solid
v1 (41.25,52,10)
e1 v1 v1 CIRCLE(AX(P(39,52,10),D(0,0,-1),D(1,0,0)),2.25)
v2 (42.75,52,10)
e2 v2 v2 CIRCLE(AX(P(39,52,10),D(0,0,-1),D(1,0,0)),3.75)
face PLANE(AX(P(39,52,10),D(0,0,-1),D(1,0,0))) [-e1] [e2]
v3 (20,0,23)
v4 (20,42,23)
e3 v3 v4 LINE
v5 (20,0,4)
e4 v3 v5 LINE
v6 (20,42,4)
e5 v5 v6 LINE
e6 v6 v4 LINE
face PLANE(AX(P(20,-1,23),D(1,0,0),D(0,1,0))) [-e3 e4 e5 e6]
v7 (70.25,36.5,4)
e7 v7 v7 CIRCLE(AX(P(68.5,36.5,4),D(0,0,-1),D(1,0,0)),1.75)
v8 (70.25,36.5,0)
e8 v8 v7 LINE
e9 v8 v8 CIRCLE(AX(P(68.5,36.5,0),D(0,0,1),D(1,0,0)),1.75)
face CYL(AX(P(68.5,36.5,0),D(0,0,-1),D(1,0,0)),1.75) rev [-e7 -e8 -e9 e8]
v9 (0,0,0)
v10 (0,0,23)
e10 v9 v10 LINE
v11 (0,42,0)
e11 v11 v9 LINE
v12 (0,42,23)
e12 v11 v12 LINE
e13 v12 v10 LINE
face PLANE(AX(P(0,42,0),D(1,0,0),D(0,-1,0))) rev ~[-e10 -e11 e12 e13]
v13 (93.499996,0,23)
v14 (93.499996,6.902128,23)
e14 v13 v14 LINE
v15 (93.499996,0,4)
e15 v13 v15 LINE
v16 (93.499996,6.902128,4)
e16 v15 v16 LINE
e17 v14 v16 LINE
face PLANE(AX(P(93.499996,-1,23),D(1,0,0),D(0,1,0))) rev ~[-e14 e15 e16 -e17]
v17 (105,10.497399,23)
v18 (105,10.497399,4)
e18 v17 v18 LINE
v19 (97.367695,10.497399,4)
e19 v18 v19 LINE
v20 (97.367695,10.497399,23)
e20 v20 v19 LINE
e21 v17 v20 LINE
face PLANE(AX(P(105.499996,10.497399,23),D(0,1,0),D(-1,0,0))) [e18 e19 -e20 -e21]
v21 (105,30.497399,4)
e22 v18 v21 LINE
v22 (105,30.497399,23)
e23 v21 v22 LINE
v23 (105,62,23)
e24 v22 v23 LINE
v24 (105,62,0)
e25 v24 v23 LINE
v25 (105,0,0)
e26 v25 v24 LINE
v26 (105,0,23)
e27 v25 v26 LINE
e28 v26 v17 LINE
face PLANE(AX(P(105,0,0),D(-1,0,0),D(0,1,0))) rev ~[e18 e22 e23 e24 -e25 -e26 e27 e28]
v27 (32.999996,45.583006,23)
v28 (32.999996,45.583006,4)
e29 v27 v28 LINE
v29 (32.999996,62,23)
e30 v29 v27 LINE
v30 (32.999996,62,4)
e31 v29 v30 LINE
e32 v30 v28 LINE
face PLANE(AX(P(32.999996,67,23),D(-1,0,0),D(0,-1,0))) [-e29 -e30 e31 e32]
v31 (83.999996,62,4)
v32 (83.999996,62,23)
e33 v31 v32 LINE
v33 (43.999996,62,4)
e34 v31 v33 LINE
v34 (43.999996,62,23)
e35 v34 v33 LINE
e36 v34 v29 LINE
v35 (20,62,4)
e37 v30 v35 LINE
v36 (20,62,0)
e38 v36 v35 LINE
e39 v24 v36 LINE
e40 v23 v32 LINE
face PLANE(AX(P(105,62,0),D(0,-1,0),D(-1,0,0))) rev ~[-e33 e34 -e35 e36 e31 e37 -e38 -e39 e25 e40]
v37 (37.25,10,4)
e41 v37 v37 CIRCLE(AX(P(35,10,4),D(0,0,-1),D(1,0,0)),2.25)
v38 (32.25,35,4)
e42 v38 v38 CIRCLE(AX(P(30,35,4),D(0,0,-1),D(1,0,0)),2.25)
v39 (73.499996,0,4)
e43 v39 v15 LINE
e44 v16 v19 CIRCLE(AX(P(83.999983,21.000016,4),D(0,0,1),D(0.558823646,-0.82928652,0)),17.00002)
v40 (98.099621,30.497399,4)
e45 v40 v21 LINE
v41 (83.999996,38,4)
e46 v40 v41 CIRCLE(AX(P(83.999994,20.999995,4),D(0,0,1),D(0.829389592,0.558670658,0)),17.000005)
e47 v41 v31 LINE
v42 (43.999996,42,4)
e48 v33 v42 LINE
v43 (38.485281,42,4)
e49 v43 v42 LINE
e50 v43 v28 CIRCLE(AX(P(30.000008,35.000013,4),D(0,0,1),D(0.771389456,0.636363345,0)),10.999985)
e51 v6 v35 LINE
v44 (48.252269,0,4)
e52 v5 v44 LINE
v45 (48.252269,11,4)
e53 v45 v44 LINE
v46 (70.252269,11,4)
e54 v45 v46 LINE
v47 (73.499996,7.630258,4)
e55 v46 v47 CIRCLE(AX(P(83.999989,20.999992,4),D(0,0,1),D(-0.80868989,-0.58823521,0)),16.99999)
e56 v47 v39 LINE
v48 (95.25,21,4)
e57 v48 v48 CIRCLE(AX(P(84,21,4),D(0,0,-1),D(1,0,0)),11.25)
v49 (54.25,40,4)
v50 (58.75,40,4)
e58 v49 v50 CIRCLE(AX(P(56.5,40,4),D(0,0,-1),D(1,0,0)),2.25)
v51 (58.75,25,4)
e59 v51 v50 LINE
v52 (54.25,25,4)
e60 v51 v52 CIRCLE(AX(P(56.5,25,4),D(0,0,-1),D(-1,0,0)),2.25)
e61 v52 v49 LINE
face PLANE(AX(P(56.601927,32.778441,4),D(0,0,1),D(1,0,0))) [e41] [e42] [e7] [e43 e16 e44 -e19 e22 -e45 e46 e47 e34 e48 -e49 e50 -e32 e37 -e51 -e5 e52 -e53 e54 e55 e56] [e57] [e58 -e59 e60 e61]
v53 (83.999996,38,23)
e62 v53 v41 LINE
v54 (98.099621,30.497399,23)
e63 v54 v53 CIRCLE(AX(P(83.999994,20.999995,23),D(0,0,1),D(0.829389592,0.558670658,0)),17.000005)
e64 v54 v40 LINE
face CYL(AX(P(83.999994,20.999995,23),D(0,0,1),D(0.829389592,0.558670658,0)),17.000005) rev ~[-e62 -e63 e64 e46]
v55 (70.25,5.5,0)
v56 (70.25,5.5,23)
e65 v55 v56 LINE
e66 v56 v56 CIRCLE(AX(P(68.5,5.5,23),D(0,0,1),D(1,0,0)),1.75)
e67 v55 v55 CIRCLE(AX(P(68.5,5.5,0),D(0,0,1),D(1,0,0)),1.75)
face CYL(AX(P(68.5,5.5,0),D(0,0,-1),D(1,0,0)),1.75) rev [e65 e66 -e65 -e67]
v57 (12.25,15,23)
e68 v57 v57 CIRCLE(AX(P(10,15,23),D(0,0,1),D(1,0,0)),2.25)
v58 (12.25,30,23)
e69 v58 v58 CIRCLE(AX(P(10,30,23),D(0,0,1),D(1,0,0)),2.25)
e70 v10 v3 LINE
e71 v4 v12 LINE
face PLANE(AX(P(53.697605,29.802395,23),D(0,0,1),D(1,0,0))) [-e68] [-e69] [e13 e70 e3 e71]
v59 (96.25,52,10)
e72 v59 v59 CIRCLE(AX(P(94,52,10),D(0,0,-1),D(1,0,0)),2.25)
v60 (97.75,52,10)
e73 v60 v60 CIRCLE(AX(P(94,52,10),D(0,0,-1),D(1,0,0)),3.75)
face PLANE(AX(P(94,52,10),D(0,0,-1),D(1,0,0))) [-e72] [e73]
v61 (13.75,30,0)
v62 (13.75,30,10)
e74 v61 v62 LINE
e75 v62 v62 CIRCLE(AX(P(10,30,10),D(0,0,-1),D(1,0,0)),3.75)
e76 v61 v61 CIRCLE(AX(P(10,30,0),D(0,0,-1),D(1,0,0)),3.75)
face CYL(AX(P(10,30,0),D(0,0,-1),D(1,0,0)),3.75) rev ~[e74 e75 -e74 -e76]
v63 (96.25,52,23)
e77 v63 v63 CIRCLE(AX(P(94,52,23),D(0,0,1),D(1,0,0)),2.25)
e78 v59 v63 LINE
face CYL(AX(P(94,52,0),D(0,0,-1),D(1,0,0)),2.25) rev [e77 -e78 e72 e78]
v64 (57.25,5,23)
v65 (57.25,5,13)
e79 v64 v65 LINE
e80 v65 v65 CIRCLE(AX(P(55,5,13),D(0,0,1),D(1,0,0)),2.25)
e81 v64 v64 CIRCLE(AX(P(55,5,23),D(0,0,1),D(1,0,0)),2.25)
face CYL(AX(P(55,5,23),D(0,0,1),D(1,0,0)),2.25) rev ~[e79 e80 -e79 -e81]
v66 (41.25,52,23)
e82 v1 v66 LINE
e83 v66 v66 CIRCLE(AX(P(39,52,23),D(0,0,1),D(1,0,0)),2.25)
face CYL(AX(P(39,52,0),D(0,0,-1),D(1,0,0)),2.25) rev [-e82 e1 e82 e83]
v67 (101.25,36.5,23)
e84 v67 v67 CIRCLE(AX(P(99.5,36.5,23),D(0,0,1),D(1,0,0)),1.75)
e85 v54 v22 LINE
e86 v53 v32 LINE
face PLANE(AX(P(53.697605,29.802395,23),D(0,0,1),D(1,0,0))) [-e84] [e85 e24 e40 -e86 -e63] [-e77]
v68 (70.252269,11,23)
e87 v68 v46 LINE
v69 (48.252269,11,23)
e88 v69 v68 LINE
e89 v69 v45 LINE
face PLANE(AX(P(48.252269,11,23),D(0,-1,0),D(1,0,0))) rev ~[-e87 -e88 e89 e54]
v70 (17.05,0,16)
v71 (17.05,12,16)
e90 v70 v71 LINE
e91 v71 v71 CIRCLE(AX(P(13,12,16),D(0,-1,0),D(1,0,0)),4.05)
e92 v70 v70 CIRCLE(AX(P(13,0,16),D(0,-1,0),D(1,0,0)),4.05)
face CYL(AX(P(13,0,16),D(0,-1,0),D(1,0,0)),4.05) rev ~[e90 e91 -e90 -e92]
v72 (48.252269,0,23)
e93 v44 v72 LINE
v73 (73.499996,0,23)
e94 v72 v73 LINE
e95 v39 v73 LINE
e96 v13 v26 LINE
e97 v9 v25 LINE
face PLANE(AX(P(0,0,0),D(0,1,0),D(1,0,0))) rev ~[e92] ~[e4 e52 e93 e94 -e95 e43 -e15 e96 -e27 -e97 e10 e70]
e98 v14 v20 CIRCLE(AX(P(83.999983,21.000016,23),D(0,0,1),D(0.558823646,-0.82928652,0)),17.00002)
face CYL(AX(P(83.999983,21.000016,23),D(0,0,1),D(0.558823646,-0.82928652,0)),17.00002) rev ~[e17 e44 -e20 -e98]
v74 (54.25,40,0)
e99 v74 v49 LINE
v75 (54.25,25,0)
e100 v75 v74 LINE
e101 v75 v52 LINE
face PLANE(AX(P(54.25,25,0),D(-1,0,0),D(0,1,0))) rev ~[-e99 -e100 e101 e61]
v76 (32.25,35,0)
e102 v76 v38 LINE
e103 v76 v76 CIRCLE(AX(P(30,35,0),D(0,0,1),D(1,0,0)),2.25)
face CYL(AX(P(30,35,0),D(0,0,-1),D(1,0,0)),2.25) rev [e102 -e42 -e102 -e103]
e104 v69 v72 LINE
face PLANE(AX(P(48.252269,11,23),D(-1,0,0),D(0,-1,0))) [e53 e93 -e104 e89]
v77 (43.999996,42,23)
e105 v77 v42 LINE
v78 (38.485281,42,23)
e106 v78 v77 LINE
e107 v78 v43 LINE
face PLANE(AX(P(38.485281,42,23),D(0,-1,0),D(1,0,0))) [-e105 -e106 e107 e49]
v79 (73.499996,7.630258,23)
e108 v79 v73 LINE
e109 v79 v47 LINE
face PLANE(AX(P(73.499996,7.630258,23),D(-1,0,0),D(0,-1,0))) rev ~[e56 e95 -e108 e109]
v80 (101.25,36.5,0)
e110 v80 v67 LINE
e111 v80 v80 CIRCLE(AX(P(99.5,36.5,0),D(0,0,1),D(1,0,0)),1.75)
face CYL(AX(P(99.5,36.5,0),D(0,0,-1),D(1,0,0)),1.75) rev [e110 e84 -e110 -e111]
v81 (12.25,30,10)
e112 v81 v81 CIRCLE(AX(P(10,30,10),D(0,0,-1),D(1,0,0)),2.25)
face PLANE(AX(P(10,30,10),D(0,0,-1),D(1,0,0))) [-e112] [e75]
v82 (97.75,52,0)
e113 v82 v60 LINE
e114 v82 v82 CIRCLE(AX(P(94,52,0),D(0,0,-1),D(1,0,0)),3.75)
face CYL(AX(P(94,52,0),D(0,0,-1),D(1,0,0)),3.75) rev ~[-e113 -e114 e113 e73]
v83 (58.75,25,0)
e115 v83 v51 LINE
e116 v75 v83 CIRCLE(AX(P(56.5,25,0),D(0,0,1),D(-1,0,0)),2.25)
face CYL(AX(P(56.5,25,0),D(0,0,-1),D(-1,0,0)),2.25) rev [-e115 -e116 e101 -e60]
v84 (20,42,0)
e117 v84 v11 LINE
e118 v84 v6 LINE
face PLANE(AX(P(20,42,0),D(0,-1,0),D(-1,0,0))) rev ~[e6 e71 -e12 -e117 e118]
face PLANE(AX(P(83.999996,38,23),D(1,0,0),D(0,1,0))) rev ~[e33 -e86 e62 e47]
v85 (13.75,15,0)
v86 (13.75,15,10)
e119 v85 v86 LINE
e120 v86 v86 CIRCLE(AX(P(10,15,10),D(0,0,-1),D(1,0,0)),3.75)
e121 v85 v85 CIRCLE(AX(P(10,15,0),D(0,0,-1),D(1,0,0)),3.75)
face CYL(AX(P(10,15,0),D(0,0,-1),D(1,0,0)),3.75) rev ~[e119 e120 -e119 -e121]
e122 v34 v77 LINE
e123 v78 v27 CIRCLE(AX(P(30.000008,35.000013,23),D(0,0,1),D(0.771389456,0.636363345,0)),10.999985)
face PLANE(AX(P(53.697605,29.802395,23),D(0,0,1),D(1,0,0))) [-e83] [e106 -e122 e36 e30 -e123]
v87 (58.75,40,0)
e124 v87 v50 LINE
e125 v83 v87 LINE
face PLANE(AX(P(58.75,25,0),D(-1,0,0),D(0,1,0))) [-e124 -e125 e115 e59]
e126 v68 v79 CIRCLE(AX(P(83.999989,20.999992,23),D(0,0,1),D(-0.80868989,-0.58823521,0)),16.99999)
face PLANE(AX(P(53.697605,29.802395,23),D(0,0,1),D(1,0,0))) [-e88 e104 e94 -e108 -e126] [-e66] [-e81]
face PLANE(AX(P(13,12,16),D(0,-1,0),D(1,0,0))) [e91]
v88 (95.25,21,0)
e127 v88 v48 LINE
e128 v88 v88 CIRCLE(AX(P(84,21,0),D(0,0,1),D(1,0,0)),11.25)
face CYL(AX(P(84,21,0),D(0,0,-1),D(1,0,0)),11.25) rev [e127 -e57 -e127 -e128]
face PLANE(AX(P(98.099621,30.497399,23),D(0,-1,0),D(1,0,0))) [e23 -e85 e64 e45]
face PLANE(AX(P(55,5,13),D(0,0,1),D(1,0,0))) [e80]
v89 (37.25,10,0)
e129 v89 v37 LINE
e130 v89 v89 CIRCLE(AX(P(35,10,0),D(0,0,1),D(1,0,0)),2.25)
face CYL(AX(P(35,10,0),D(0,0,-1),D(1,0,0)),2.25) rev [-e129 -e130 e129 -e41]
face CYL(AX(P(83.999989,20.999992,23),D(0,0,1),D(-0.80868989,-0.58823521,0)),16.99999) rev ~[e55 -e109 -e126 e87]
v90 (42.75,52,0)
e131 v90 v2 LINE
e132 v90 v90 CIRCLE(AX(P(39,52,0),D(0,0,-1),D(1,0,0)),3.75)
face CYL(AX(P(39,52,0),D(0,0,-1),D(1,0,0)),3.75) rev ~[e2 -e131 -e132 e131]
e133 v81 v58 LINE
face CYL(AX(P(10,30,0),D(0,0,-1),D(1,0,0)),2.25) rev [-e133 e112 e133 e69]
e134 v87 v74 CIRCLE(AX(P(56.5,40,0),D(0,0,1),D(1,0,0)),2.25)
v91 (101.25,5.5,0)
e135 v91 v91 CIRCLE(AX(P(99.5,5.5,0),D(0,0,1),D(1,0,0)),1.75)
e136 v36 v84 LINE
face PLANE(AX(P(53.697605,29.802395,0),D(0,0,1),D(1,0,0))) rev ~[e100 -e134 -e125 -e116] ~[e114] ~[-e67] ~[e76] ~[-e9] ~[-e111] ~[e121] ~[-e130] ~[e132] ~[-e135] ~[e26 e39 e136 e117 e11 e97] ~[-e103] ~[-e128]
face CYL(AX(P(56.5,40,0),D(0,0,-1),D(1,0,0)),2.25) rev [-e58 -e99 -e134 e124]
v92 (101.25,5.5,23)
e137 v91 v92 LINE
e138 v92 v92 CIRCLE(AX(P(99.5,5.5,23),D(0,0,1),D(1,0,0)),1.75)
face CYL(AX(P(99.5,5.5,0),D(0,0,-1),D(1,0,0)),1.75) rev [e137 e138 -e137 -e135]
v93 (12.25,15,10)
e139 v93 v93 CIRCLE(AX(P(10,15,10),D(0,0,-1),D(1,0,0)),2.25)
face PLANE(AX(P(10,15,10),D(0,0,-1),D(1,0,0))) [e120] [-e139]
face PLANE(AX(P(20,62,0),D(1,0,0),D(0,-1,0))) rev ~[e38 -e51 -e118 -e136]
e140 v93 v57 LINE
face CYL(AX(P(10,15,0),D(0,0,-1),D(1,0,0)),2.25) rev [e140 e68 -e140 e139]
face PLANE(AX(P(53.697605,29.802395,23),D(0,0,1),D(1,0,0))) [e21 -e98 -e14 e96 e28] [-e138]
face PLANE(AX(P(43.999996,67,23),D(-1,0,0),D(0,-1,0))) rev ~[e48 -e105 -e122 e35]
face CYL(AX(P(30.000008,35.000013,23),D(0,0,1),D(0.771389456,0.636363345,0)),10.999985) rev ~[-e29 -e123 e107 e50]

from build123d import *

# Parameters (mm, degrees)
SKETCH_R        = 2.25
SKETCH_R_2      = 11.25
SKETCH_R_3      = 1.75
PAD_DEPTH       = 23
POCKET_DEPTH    = 19
SKETCH004_R     = 2.25
POCKET003_DEPTH = 10
SKETCH005_R     = 4.05
POCKET004_DEPTH = 12
SKETCH006_R     = 3.75
POCKET005_DEPTH = 10


with BuildPart() as part:
    # Sketch → Pad (new body)
    with BuildSketch(Plane.XY):
        Polygon((0, 0), (105, 0), (105, 62), (20, 62), (20, 42), (0, 42), align=None)
        with Locations((35, 10)):
            Circle(SKETCH_R, mode=Mode.SUBTRACT)
        with Locations((30, 35)):
            Circle(SKETCH_R, mode=Mode.SUBTRACT)
        with Locations((84, 21)):
            Circle(SKETCH_R_2, mode=Mode.SUBTRACT)
        with Locations((68.5, 36.5)):
            Circle(SKETCH_R_3, mode=Mode.SUBTRACT)
        with Locations((99.5, 36.5)):
            Circle(SKETCH_R_3, mode=Mode.SUBTRACT)
        with Locations((68.5, 5.5)):
            Circle(SKETCH_R_3, mode=Mode.SUBTRACT)
        with Locations((99.5, 5.5)):
            Circle(SKETCH_R_3, mode=Mode.SUBTRACT)
        with Locations((10, 30)):
            Circle(SKETCH_R, mode=Mode.SUBTRACT)
        with Locations((10, 15)):
            Circle(SKETCH_R, mode=Mode.SUBTRACT)
        with Locations((39, 52)):
            Circle(SKETCH_R, mode=Mode.SUBTRACT)
        with Locations((94, 52)):
            Circle(SKETCH_R, mode=Mode.SUBTRACT)
        with BuildLine():
            Line((58.75, 25), (58.75, 40))
            ThreePointArc((58.75, 40), (56.5, 42.25), (54.25, 40))
            Line((54.25, 25), (54.25, 40))
            ThreePointArc((54.25, 25), (56.5, 22.75), (58.75, 25))
        make_face(mode=Mode.SUBTRACT)
    extrude(amount=PAD_DEPTH)

    # Sketch001 → Pocket (cut)
    with BuildSketch(Plane.XY.offset(23)):
        with BuildLine():
            ThreePointArc((38.485281, 42), (36.015595, 44.209377), (32.999996, 45.583006))
            Line((32.999996, 67), (32.999996, 45.583006))
            Line((20, 67), (32.999996, 67))
            Line((20, -1), (20, 67))
            Line((20, -1), (48.252269, -1))
            Line((48.252269, 11), (48.252269, -1))
            Line((48.252269, 11), (70.252269, 11))
            ThreePointArc((70.252269, 11), (71.759618, 9.202833), (73.499996, 7.630258))
            Line((73.499996, 7.630258), (73.499996, -1))
            Line((73.499996, -1), (93.499996, -1))
            Line((93.499996, -1), (93.499996, 6.902128))
            ThreePointArc((93.499996, 6.902128), (95.574295, 8.548671), (97.367695, 10.497399))
            Line((105.499996, 10.497399), (97.367695, 10.497399))
            Line((105.499996, 30.497399), (105.499996, 10.497399))
            Line((98.099621, 30.497399), (105.499996, 30.497399))
            ThreePointArc((98.099621, 30.497399), (91.98574, 36.007594), (83.999996, 38))
            Line((83.999996, 38), (83.999996, 67))
            Line((83.999996, 67), (43.999996, 67))
            Line((43.999996, 67), (43.999996, 42))
            Line((38.485281, 42), (43.999996, 42))
        make_face()
    extrude(amount=-POCKET_DEPTH, mode=Mode.SUBTRACT)

    # Sketch004 → Pocket003 (cut)
    with BuildSketch(Plane.XY.offset(23)):
        with Locations((55, 5)):
            Circle(SKETCH004_R)
    extrude(amount=-POCKET003_DEPTH, mode=Mode.SUBTRACT)

    # Sketch005 → Pocket004 (cut)
    with BuildSketch(Plane.XZ):
        with Locations((13, 16)):
            Circle(SKETCH005_R)
    extrude(amount=-POCKET004_DEPTH, mode=Mode.SUBTRACT)

    # Sketch006 → Pocket005 (cut)
    with BuildSketch(Plane(origin=(0, 0, 0), x_dir=(1, 0, 0), z_dir=(0, 0, -1))):
        with Locations((10, -15)):
            Circle(SKETCH006_R)
        with Locations((10, -30)):
            Circle(SKETCH006_R)
        with Locations((39, -52)):
            Circle(SKETCH006_R)
        with Locations((94, -52)):
            Circle(SKETCH006_R)
    extrude(amount=-POCKET005_DEPTH, mode=Mode.SUBTRACT)


solid = part.part
